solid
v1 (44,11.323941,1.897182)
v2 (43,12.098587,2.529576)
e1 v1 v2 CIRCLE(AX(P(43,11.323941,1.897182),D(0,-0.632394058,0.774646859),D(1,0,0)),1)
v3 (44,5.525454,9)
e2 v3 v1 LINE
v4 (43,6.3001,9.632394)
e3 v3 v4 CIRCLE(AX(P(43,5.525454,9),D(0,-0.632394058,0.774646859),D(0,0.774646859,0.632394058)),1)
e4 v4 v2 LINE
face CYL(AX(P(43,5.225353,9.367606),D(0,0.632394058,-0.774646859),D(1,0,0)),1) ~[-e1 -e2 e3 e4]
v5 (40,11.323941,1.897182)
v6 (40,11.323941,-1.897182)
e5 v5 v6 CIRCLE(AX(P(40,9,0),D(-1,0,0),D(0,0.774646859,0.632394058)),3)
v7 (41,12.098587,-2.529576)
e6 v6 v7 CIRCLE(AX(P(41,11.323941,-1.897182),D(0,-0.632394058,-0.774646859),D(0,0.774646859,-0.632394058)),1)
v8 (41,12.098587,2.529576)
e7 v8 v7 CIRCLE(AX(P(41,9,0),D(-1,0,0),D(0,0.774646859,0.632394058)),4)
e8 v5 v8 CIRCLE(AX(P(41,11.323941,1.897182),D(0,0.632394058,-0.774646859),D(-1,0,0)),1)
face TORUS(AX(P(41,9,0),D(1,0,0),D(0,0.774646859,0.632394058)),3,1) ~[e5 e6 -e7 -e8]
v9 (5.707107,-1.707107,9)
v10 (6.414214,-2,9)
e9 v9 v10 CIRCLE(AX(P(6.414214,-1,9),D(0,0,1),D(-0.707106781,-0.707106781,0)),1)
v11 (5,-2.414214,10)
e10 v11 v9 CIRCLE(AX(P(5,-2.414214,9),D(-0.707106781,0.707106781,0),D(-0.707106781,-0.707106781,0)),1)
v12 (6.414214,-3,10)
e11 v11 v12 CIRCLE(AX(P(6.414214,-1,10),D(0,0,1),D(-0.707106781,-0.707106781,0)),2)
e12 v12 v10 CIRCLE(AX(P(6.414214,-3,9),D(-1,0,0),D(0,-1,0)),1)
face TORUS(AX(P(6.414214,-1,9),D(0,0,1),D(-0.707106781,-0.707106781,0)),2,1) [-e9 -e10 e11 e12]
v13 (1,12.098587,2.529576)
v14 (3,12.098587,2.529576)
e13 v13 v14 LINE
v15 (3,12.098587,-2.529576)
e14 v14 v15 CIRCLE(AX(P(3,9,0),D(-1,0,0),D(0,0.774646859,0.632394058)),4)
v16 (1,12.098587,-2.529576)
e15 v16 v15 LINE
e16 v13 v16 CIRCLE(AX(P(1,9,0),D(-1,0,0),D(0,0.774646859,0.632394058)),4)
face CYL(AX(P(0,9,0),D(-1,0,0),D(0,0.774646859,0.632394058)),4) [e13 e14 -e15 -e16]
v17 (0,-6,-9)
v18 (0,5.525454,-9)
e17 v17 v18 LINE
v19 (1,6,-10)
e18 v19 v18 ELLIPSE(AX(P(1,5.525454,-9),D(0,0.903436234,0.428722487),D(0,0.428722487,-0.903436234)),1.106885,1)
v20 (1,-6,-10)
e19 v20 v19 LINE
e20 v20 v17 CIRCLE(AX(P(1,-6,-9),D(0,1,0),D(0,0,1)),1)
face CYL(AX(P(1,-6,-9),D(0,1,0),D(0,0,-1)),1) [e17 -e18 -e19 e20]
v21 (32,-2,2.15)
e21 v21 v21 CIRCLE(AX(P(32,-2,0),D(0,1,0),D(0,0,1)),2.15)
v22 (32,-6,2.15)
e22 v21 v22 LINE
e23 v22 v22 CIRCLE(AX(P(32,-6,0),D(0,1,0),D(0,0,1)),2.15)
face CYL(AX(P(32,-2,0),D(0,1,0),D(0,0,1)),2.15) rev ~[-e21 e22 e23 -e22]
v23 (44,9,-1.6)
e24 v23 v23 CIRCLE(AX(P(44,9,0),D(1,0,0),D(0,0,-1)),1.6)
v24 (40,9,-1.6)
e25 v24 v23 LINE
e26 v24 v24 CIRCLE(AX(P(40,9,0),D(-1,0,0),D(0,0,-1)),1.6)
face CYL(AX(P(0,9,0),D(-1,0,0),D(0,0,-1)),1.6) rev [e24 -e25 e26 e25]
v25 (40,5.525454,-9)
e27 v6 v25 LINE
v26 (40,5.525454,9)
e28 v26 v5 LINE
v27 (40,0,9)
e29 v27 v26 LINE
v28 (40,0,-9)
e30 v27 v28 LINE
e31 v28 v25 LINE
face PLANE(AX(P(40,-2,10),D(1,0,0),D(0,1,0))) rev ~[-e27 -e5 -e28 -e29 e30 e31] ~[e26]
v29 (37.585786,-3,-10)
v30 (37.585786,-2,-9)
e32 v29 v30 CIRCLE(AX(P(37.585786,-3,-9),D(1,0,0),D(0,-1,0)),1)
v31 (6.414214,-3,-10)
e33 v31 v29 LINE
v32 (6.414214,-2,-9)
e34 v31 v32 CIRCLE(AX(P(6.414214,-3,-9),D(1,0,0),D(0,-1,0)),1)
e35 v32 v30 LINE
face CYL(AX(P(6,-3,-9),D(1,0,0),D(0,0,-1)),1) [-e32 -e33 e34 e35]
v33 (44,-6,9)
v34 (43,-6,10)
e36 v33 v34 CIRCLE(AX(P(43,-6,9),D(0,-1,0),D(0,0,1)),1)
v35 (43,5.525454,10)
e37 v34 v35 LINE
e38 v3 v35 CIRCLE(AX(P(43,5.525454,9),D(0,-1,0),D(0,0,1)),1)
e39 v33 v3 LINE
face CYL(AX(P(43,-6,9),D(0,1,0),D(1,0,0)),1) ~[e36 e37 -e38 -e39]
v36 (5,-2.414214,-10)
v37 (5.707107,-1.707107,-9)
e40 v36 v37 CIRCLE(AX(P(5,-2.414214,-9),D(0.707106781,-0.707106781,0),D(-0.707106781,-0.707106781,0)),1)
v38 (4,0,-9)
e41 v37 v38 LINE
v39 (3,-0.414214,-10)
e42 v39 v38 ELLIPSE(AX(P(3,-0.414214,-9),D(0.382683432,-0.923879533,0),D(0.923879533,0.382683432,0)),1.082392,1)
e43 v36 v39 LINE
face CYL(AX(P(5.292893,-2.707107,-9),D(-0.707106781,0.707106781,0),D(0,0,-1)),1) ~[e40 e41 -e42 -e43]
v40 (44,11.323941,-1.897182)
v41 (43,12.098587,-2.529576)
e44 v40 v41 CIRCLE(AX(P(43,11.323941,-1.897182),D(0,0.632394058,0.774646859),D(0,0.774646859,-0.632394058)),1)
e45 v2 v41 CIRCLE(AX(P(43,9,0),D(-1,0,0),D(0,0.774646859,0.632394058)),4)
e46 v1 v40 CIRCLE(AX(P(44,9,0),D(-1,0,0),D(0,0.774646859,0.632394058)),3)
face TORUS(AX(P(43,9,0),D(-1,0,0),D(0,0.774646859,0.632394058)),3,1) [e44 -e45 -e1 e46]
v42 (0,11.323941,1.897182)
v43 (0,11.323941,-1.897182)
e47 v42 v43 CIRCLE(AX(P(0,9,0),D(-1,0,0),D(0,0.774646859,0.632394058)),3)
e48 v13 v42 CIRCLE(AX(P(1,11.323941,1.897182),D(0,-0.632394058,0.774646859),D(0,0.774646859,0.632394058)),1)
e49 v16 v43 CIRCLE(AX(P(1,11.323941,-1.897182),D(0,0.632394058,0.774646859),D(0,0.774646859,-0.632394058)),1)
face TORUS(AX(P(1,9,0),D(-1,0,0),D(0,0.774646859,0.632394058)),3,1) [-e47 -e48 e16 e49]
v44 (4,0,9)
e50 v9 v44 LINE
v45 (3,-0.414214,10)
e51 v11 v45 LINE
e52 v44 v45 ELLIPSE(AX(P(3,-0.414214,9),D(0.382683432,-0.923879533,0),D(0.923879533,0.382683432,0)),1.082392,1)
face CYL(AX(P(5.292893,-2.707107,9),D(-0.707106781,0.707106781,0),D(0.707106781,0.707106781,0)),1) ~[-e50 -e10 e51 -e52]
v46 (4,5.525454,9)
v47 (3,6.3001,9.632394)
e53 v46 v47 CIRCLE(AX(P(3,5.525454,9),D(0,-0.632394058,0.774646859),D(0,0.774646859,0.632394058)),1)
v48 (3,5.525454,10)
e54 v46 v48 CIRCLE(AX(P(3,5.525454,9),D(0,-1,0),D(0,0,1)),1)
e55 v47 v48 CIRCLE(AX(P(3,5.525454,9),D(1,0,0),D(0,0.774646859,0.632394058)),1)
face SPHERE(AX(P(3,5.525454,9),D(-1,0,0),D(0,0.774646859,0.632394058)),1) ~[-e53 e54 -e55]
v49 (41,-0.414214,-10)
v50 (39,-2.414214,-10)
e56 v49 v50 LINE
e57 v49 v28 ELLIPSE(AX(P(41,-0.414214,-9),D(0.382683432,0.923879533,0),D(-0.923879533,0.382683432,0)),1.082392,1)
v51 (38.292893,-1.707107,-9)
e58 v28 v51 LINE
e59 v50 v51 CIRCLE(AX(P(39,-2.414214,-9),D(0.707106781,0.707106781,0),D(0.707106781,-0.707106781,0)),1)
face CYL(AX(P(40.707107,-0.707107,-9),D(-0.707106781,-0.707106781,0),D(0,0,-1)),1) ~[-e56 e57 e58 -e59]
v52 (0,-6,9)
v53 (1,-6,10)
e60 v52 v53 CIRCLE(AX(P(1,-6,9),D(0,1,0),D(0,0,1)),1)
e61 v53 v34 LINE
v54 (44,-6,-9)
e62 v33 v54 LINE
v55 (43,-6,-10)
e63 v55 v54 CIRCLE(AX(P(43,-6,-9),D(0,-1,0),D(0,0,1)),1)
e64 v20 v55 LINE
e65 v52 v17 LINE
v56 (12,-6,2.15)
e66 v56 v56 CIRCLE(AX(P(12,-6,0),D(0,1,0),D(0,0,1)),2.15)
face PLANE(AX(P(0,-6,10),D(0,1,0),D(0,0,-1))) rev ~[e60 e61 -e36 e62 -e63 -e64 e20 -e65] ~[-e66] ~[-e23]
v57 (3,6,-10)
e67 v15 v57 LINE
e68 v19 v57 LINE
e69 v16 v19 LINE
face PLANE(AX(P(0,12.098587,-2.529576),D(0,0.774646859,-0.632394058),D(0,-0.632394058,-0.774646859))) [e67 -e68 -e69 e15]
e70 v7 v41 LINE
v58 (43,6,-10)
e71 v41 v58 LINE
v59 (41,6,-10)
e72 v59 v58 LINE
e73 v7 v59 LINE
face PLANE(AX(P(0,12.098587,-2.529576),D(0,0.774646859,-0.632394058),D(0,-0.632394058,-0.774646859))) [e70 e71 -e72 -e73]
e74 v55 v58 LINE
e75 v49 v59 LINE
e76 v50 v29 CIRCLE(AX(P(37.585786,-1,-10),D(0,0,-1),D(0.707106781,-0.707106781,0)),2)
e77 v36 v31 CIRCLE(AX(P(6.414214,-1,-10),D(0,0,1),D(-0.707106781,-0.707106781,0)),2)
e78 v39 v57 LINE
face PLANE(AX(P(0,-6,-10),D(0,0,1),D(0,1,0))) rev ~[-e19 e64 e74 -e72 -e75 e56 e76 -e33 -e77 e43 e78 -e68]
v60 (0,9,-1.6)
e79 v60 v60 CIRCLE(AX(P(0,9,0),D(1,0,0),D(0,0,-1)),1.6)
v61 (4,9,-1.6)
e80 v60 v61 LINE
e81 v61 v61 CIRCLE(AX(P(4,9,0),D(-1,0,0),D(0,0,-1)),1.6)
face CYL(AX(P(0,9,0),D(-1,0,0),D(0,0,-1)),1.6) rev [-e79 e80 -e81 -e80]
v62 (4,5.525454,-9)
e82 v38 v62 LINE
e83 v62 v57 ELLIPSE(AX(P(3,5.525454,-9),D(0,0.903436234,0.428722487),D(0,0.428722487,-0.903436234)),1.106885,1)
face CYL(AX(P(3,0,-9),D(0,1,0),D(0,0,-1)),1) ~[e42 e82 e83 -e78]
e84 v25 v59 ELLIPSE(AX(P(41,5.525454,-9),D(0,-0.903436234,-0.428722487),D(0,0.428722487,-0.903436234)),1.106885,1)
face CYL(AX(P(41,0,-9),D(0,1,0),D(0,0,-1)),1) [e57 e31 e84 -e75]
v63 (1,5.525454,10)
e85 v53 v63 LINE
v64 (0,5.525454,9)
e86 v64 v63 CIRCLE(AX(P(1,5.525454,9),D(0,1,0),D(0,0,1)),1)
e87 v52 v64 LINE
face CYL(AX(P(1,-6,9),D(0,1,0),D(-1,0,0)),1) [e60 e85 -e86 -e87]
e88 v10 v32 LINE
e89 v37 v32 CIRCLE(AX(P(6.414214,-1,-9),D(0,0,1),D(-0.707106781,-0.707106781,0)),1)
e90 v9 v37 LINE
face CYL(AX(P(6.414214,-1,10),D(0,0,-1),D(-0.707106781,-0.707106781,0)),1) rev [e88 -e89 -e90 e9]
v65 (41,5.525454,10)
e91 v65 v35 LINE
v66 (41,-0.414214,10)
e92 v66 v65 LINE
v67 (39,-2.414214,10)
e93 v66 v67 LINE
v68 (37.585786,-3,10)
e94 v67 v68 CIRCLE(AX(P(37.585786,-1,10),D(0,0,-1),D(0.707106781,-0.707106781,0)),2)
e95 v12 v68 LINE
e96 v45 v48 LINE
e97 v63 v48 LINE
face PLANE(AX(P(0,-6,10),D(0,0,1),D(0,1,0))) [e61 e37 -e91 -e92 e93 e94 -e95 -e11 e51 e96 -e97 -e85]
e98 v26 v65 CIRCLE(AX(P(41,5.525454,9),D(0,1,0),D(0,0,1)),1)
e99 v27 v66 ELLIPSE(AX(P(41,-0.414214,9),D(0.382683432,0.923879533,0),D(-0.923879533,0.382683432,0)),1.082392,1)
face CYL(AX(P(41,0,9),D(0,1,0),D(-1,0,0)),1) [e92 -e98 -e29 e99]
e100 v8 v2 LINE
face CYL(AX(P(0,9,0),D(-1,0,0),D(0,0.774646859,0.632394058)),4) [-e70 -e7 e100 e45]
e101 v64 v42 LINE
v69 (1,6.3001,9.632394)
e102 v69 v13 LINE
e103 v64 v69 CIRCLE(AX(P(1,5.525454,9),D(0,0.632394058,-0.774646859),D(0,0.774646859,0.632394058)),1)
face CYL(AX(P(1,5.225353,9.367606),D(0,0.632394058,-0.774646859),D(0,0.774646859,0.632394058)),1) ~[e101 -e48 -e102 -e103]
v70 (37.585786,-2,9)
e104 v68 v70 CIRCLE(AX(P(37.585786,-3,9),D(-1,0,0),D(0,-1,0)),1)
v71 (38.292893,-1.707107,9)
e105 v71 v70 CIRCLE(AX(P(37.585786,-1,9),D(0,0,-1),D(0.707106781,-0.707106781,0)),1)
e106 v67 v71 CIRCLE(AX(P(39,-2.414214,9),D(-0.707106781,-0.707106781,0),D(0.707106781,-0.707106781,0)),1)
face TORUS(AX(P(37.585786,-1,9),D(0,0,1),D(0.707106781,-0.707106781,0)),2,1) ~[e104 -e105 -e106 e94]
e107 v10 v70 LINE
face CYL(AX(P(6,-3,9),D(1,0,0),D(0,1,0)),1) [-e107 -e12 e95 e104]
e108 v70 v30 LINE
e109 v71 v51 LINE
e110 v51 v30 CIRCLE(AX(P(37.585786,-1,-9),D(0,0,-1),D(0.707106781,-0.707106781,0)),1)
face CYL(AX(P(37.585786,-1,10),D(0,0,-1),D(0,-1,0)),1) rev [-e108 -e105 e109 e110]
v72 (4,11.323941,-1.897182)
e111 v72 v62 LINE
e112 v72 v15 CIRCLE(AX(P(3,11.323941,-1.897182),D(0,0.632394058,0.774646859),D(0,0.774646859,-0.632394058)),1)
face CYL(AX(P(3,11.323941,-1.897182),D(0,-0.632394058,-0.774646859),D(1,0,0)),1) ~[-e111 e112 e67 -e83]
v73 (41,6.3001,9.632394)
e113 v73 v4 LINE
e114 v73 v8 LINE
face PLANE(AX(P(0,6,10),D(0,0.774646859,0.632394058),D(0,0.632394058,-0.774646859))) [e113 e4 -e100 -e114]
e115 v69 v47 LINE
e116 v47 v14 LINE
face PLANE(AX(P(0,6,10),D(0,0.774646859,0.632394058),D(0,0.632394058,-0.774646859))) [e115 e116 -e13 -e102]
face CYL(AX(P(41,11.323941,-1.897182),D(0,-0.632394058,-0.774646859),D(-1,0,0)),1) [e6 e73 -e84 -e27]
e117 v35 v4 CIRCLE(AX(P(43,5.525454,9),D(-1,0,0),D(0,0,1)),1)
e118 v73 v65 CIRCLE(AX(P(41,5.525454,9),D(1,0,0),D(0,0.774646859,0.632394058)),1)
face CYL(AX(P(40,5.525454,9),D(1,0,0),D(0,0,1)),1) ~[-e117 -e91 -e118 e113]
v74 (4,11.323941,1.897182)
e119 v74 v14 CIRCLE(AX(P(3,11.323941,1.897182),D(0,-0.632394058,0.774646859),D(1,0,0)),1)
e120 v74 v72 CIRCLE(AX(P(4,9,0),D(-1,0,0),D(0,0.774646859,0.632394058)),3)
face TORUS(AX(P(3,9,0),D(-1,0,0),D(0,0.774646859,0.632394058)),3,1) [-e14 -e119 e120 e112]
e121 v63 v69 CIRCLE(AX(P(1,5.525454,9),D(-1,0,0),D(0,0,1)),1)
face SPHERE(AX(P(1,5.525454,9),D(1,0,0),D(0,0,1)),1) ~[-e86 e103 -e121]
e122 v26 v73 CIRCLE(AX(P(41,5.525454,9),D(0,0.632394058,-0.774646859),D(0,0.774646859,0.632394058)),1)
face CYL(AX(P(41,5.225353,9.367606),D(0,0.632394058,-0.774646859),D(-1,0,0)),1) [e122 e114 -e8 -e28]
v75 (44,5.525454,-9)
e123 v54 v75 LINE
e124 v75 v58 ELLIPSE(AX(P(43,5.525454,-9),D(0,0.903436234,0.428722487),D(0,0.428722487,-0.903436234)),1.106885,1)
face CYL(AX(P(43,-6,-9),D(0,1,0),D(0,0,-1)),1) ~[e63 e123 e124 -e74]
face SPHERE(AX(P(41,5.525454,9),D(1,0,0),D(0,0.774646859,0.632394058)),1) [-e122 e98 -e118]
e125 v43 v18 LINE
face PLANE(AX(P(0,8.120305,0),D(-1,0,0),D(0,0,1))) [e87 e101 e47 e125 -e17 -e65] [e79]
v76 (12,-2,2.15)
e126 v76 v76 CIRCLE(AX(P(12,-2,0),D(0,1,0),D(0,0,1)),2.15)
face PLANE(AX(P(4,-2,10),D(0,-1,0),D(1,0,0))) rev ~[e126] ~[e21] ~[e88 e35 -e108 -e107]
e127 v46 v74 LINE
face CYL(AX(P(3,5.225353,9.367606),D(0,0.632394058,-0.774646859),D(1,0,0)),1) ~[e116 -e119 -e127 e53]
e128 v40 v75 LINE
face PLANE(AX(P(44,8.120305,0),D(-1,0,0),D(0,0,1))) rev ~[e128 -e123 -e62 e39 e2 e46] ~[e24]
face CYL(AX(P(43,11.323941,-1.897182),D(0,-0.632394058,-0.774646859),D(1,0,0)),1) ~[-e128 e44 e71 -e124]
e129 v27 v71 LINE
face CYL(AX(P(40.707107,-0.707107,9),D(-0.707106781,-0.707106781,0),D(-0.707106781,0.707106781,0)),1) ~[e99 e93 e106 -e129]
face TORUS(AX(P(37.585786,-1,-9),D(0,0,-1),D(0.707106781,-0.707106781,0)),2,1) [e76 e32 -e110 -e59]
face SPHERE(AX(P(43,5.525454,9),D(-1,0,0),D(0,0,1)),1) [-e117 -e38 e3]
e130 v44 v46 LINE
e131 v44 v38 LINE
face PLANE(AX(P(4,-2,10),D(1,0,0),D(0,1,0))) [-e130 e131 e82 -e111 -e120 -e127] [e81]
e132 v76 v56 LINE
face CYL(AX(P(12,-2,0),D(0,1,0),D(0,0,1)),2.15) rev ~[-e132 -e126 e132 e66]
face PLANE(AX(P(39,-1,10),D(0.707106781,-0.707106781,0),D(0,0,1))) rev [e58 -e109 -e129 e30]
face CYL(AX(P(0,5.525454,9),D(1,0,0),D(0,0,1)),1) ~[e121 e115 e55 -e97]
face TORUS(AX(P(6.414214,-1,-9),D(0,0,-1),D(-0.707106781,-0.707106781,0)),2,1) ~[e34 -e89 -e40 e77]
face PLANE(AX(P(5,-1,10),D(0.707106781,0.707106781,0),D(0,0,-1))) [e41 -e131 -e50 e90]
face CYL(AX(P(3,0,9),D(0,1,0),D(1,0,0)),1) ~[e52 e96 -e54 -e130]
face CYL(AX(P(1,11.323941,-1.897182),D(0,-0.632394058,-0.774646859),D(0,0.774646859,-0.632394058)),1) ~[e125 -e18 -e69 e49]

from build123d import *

# Parameters (mm, degrees)
SKETCH1_W           = 20
SKETCH1_H           = 12
SKETCH1_R           = 1.6
BOSS_EXTRUDE1_DEPTH = 44
SKETCH2_W           = 36
SKETCH2_H           = 15
CUT_EXTRUDE1_DEPTH  = 51.049975025
CHAMFER1_SIZE       = 2
FILLET1_R           = 1
SKETCH3_R           = 2.15
CUT_EXTRUDE2_DEPTH  = 48.549973712


with BuildPart() as part:
    # Sketch1 → Boss-Extrude1 (new body)
    # profile 1 of 2: a face of its own
    with BuildSketch(Plane(origin=(0, 0, 0), x_dir=(0, 0, -1), z_dir=(1, 0, 0))):
        Rectangle(SKETCH1_W, SKETCH1_H)
    # profile 2 of 2: a face of its own
    with BuildSketch(Plane(origin=(0, 0, 0), x_dir=(0, 0, -1), z_dir=(1, 0, 0))):
        with BuildLine():
            ThreePointArc((-2.529576231, 12.098587435), (0, 13), (2.529576231, 12.098587435))
            Line((2.529576231, 12.098587435), (10, 6))
            Line((10, 6), (-10, 6))
            Line((-10, 6), (-2.529576231, 12.098587435))
        make_face()
        with Locations((0, 9)):
            Circle(SKETCH1_R, mode=Mode.SUBTRACT)
    extrude(amount=BOSS_EXTRUDE1_DEPTH)

    # Sketch2 → Cut-Extrude1 (cut, through all)
    with BuildSketch(Plane.XY.offset(10)):
        with Locations((22, 5.5)):
            Rectangle(SKETCH2_W, SKETCH2_H)
    extrude(amount=-CUT_EXTRUDE1_DEPTH, mode=Mode.SUBTRACT)

    # Chamfer1
    chamfer1_edges = [part.edges().sort_by_distance(p)[0] for p in [
        (4, -2, 0),
        (40, -2, 0),
    ]]
    chamfer(chamfer1_edges, length=CHAMFER1_SIZE)

    # Fillet1
    fillet1_edges = [part.edges().sort_by_distance(p)[0] for p in [
        (0, 9.049293718, -6.264788115),
        (0, 0, -10),
        (44, 9.049293718, -6.264788115),
        (42, 6, 10),
        (44, 13, 0),
        (44, 9.049293718, 6.264788115),
        (2, 6, 10),
        (44, 0, 10),
        (4, 9.049293718, -6.264788115),
        (4, 3, -10),
        (4, 13, 0),
        (4, 9.049293718, 6.264788115),
        (40, 9.049293718, -6.264788115),
        (40, 9.049293718, 6.264788115),
        (40, 13, 0),
        (4, 3, 10),
        (40, 3, -10),
        (40, 3, 10),
        (22, -2, 10),
        (22, -2, -10),
        (6, -2, 0),
        (38, -2, 0),
        (39, -1, 10),
        (39, -1, -10),
        (5, -1, 10),
        (5, -1, -10),
        (0, 0, 10),
        (44, 0, -10),
        (0, 9.049293718, 6.264788115),
        (0, 13, 0),
    ]]
    fillet(fillet1_edges, radius=FILLET1_R)

    # Sketch3 → Cut-Extrude2 (cut, through all)
    with BuildSketch(Plane(origin=(0, -2, 0), x_dir=(1, 0, 0), z_dir=(0, 1, 0))):
        with Locations(Location((12, 0, 0), (0, 0, 270))):
            Circle(SKETCH3_R)
        with Locations(Location((32, 0, 0), (0, 0, 270))):
            Circle(SKETCH3_R)
    extrude(amount=-CUT_EXTRUDE2_DEPTH, mode=Mode.SUBTRACT)


solid = part.part
